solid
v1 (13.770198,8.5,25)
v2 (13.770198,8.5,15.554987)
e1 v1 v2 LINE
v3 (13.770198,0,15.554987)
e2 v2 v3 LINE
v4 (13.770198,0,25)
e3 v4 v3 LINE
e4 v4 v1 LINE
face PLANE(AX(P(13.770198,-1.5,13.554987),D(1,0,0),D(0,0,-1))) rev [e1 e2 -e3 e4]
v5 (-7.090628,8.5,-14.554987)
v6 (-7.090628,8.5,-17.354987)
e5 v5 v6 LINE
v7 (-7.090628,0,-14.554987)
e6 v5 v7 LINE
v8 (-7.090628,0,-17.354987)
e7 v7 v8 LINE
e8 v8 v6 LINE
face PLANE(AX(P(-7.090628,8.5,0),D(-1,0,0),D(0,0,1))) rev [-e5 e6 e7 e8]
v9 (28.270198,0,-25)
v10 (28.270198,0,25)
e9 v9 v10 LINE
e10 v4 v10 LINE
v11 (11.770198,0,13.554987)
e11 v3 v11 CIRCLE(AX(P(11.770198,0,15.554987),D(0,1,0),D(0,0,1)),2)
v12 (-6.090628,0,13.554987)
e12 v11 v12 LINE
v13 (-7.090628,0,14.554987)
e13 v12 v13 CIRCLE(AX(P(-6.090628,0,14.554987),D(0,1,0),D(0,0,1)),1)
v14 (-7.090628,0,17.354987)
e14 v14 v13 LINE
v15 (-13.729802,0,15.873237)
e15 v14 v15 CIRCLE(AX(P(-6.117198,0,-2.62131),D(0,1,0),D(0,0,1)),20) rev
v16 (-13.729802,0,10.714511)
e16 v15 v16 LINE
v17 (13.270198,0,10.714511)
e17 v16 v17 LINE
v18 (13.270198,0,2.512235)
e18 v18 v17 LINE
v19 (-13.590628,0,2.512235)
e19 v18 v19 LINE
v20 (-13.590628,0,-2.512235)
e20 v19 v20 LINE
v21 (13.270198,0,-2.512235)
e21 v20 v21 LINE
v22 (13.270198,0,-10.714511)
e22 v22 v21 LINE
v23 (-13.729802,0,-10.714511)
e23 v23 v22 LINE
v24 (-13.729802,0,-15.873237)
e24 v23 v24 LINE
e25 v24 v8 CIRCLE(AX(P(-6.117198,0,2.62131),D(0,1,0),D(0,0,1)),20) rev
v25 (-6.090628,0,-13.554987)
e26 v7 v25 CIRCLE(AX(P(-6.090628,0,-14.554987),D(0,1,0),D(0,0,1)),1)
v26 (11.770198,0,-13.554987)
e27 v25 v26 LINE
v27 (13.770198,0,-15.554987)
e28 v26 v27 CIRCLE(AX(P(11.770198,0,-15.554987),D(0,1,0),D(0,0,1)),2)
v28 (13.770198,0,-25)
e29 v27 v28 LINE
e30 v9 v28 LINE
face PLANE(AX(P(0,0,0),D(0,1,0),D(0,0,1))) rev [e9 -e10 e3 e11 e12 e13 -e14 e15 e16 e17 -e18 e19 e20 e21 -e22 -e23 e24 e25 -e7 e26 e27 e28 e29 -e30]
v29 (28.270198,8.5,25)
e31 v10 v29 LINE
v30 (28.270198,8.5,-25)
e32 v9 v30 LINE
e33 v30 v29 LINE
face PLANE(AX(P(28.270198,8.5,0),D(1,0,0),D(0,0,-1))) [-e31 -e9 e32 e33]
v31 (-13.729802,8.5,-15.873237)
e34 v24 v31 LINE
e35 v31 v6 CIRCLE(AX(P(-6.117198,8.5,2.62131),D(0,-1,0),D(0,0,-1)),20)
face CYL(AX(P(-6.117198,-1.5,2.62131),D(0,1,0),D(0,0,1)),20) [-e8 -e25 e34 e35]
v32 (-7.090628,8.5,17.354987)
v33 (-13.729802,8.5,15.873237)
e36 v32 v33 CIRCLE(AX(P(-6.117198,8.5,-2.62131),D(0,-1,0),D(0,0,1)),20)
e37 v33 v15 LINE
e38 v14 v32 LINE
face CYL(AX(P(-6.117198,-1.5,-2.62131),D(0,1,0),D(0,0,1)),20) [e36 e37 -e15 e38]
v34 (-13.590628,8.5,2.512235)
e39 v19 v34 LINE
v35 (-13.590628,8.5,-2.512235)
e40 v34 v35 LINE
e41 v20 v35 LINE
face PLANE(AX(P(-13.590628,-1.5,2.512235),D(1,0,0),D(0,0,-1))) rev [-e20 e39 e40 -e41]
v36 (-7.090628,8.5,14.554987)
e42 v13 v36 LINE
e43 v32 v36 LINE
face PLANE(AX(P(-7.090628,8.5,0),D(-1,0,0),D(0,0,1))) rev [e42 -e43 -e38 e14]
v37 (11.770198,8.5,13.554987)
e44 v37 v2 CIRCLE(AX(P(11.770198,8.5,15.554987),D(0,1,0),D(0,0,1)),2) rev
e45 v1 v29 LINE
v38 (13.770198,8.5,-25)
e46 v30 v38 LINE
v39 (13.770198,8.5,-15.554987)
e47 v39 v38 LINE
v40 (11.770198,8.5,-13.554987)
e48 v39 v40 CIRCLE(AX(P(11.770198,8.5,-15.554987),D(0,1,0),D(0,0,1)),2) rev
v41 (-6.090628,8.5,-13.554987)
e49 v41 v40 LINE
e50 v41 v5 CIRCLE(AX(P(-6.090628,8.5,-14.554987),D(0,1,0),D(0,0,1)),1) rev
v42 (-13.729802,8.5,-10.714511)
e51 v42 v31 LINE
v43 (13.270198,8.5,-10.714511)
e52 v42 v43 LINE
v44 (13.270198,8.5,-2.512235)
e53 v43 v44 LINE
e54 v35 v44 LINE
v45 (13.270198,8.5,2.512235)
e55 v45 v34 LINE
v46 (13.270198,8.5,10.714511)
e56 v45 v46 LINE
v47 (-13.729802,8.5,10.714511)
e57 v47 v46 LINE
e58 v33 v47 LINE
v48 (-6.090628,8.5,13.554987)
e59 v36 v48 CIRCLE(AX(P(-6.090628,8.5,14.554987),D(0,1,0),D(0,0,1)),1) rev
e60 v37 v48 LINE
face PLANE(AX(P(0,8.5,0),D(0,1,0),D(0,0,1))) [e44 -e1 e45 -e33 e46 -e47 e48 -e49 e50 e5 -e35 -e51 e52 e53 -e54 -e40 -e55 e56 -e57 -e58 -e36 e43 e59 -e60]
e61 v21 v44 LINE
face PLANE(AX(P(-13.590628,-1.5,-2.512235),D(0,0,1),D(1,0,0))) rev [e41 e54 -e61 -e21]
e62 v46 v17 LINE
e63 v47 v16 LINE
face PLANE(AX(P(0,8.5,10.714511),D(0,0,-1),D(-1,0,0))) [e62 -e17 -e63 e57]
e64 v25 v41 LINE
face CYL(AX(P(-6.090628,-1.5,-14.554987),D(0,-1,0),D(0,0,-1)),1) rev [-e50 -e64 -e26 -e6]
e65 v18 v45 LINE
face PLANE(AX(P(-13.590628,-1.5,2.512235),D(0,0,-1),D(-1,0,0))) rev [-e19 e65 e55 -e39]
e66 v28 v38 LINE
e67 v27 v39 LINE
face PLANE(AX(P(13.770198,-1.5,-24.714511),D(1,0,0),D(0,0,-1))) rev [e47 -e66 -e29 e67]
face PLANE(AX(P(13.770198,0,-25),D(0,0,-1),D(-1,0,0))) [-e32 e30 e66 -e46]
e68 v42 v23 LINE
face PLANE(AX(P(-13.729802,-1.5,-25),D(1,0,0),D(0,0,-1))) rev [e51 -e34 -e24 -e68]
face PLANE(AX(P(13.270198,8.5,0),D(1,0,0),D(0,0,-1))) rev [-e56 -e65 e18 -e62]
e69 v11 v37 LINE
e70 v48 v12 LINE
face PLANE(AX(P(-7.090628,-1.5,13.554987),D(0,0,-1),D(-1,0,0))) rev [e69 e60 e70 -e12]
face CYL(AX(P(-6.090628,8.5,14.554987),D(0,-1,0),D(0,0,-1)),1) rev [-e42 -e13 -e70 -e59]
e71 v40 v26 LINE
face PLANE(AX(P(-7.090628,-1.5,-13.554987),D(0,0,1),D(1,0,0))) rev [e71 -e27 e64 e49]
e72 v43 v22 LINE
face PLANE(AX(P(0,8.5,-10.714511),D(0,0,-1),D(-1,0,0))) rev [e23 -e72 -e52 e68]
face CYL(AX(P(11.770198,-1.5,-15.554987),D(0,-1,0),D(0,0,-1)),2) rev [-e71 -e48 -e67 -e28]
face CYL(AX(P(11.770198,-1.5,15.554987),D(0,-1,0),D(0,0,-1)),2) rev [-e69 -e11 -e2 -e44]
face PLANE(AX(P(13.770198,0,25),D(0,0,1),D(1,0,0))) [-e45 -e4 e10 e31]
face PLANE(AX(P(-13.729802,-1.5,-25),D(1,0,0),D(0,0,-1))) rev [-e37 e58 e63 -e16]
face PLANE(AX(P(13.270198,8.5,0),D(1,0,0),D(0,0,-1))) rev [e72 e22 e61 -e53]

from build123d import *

# Parameters (mm, degrees)
SALIENTE_EXTRUIR1_DEPTH = 8.5
REDONDEO1_R             = 2
CORTAR_EXTRUIR1_START   = -10
CORTAR_EXTRUIR1_DEPTH   = 10
CROQUIS3_W              = 2
CROQUIS3_H              = 37.641018094
CORTAR_EXTRUIR2_DEPTH   = 10
CROQUIS4_W              = 20.360825868
CROQUIS4_H              = 3.8
CORTAR_EXTRUIR3_DEPTH   = 10
REDONDEO2_R             = 1
REDONDEO3_R             = 2
CORTAR_EXTRUIR4_DEPTH   = 10
CORTAR_EXTRUIR5_DEPTH   = 10
REDONDEO4_R             = 2
CROQUIS9_W              = 0.360825868
CROQUIS9_H              = 41.677341087
CORTAR_EXTRUIR6_DEPTH   = 10
CROQUIS10_W             = 14.5
CROQUIS10_H             = 0.285488866
SALIENTE_EXTRUIR2_DEPTH = 8.5


with BuildPart() as part:
    # Croquis1 → Saliente-Extruir1 (new body)
    with BuildSketch(Plane(origin=(0, 0, 0), x_dir=(1, 0, 0), z_dir=(0, 1, 0))):
        with BuildLine():
            Line((13.270197773, -14.714511134), (13.270197773, -24.714511134))
            Line((13.270197773, -24.714511134), (28.270197773, -24.714511134))
            Line((28.270197773, -24.714511134), (28.270197773, 24.714511134))
            Line((28.270197773, 24.714511134), (13.270197773, 24.714511134))
            Line((13.270197773, 24.714511134), (13.270197773, 14.714511134))
            Line((13.270197773, 14.714511134), (-6.590628095, 14.714511134))
            ThreePointArc((-6.590628095, 14.714511134), (-6.944181486, 14.860957744), (-7.090628095, 15.214511134))
            Line((-7.090628095, 15.214511134), (-7.090628095, 18.995462915))
            ThreePointArc((-7.090628095, 18.995462915), (-7.383521314, 19.702569696), (-8.090628095, 19.995462915))
            ThreePointArc((-8.090628095, 19.995462915), (-12.706365951, 18.287755027), (-16.090628095, 14.714511134))
            Line((-16.090628095, 14.714511134), (-16.090628095, 10.714511134))
            Line((-16.090628095, 10.714511134), (13.270197773, 10.714511134))
            Line((13.270197773, 10.714511134), (13.270197773, 8.214511134))
            Line((13.270197773, 8.214511134), (13.270197773, 5.212235466))
            Line((13.270197773, 5.212235466), (13.270197773, 5.012235466))
            Line((13.270197773, 5.012235466), (13.270197773, 3.012235466))
            Line((13.270197773, 3.012235466), (-16.090628095, 3.012235466))
            Line((-16.090628095, 3.012235466), (-16.090628095, -3.012235466))
            Line((-16.090628095, -3.012235466), (13.270197773, -3.012235466))
            Line((13.270197773, -3.012235466), (13.270197773, -5.012235466))
            Line((13.270197773, -5.012235466), (13.270197773, -5.212235466))
            Line((13.270197773, -5.212235466), (13.270197773, -8.214511134))
            Line((13.270197773, -8.214511134), (13.270197773, -10.714511134))
            Line((13.270197773, -10.714511134), (-16.090628095, -10.714511134))
            Line((-16.090628095, -10.714511134), (-16.090628095, -14.714511134))
            ThreePointArc((-16.090628095, -14.714511134), (-12.706365951, -18.287755027), (-8.090628095, -19.995462915))
            ThreePointArc((-8.090628095, -19.995462915), (-7.383521314, -19.702569696), (-7.090628095, -18.995462915))
            Line((-7.090628095, -18.995462915), (-7.090628095, -14.714511134))
            Line((-7.090628095, -14.714511134), (13.270197773, -14.714511134))
        make_face()
    extrude(amount=SALIENTE_EXTRUIR1_DEPTH)

    # Redondeo1
    redondeo1_edges = [part.edges().sort_by_distance(p)[0] for p in [
        (13.270197773, 4.25, -14.714511134),
        (13.270197773, 4.25, 14.714511134),
    ]]
    fillet(redondeo1_edges, radius=REDONDEO1_R)

    # Croquis2 → Cortar-Extruir1 (cut)
    with BuildSketch(Plane(origin=(0, 8.5, 0), x_dir=(1, 0, 0), z_dir=(0, 1, 0)).offset(CORTAR_EXTRUIR1_START)):
        with BuildLine():
            Line((-7.090628095, 18.995462915), (-7.090628095, 17.354987025))
            ThreePointArc((-7.090628095, 17.354987025), (-11.747603416, 16.569795769), (-16.090628095, 14.714511134))
            ThreePointArc((-16.090628095, 14.714511134), (-12.706365951, 18.287755027), (-8.090628095, 19.995462915))
            ThreePointArc((-8.090628095, 19.995462915), (-7.383521314, 19.702569696), (-7.090628095, 18.995462915))
        make_face()
        with BuildLine():
            Line((-7.090628095, -18.995462915), (-7.090628095, -17.354987025))
            ThreePointArc((-7.090628095, -17.354987025), (-11.747603416, -16.569795769), (-16.090628095, -14.714511134))
            ThreePointArc((-16.090628095, -14.714511134), (-12.706365951, -18.287755027), (-8.090628095, -19.995462915))
            ThreePointArc((-8.090628095, -19.995462915), (-7.383521314, -19.702569696), (-7.090628095, -18.995462915))
        make_face()
    extrude(amount=CORTAR_EXTRUIR1_DEPTH, mode=Mode.SUBTRACT)

    # Croquis3 → Cortar-Extruir2 (cut)
    with BuildSketch(Plane(origin=(0, 8.5, 0), x_dir=(1, 0, 0), z_dir=(0, 1, 0))):
        with Locations((-15.090628095, -0.838537532)):
            Rectangle(CROQUIS3_W, CROQUIS3_H)
    extrude(amount=-CORTAR_EXTRUIR2_DEPTH, mode=Mode.SUBTRACT)

    # Croquis4 → Cortar-Extruir3 (cut)
    with BuildSketch(Plane(origin=(0, 8.5, 0), x_dir=(1, 0, 0), z_dir=(0, 1, 0))):
        with Locations((3.089784839, 15.454987025)):
            Rectangle(CROQUIS4_W, CROQUIS4_H)
        with Locations((3.089784839, -15.454987025)):
            Rectangle(CROQUIS4_W, CROQUIS4_H)
    extrude(amount=-CORTAR_EXTRUIR3_DEPTH, mode=Mode.SUBTRACT)

    # Redondeo2
    redondeo2_edges = [part.edges().sort_by_distance(p)[0] for p in [
        (-7.090628095, 4.25, -13.554987025),
        (-7.090628095, 4.25, 13.554987025),
    ]]
    fillet(redondeo2_edges, radius=REDONDEO2_R)

    # Redondeo3
    redondeo3_edges = [part.edges().sort_by_distance(p)[0] for p in [
        (13.270197773, 4.25, -13.554987025),
        (13.270197773, 4.25, 13.554987025),
    ]]
    fillet(redondeo3_edges, radius=REDONDEO3_R)

    # Croquis6 → Cortar-Extruir4 (cut)
    with BuildSketch(Plane(origin=(0, 8.5, 0), x_dir=(1, 0, 0), z_dir=(0, 1, 0))):
        Polygon((-14.090628095, -3.012235466), (13.270197773, -3.012235466), (13.270197773, -2.512235466), (-13.590628095, -2.512235466), (-13.590628095, 2.512235466), (13.270197773, 2.512235466), (13.270197773, 3.012235466), (-14.090628095, 3.012235466), align=None)
    extrude(amount=-CORTAR_EXTRUIR4_DEPTH, mode=Mode.SUBTRACT)

    # Croquis7 → Cortar-Extruir5 (cut)
    with BuildSketch(Plane(origin=(0, 8.5, 0), x_dir=(1, 0, 0), z_dir=(0, 1, 0))):
        Polygon((13.270197773, 24.714511134), (13.770197773, 24.714511134), (13.770197773, 13.554987025), (13.270197773, 13.554987025), (10.850472816, 13.554987025), (10.850472816, 24.714511134), align=None)
        Polygon((13.270197773, -24.714511134), (10.850472816, -24.714511134), (10.850472816, -13.554987025), (13.270197773, -13.554987025), (13.770197773, -13.554987025), (13.770197773, -24.714511134), align=None)
    extrude(amount=-CORTAR_EXTRUIR5_DEPTH, mode=Mode.SUBTRACT)

    # Redondeo4
    redondeo4_edges = [part.edges().sort_by_distance(p)[0] for p in [
        (13.770197773, 4.25, -13.554987025),
        (13.770197773, 4.25, 13.554987025),
    ]]
    fillet(redondeo4_edges, radius=REDONDEO4_R)

    # Croquis9 → Cortar-Extruir6 (cut)
    with BuildSketch(Plane(origin=(0, 8.5, 0), x_dir=(1, 0, 0), z_dir=(0, 1, 0))):
        with Locations((-13.910215161, 4.161329456)):
            Rectangle(CROQUIS9_W, CROQUIS9_H)
    extrude(amount=-CORTAR_EXTRUIR6_DEPTH, mode=Mode.SUBTRACT)

    # Croquis10 → Saliente-Extruir2 (add)
    with BuildSketch(Plane(origin=(0, 8.5, 0), x_dir=(1, 0, 0), z_dir=(0, 1, 0))):
        with Locations((21.020197773, 24.857255567)):
            Rectangle(CROQUIS10_W, CROQUIS10_H)
        with Locations((21.020197773, -24.857255567)):
            Rectangle(CROQUIS10_W, CROQUIS10_H)
    extrude(amount=-SALIENTE_EXTRUIR2_DEPTH)


solid = part.part
